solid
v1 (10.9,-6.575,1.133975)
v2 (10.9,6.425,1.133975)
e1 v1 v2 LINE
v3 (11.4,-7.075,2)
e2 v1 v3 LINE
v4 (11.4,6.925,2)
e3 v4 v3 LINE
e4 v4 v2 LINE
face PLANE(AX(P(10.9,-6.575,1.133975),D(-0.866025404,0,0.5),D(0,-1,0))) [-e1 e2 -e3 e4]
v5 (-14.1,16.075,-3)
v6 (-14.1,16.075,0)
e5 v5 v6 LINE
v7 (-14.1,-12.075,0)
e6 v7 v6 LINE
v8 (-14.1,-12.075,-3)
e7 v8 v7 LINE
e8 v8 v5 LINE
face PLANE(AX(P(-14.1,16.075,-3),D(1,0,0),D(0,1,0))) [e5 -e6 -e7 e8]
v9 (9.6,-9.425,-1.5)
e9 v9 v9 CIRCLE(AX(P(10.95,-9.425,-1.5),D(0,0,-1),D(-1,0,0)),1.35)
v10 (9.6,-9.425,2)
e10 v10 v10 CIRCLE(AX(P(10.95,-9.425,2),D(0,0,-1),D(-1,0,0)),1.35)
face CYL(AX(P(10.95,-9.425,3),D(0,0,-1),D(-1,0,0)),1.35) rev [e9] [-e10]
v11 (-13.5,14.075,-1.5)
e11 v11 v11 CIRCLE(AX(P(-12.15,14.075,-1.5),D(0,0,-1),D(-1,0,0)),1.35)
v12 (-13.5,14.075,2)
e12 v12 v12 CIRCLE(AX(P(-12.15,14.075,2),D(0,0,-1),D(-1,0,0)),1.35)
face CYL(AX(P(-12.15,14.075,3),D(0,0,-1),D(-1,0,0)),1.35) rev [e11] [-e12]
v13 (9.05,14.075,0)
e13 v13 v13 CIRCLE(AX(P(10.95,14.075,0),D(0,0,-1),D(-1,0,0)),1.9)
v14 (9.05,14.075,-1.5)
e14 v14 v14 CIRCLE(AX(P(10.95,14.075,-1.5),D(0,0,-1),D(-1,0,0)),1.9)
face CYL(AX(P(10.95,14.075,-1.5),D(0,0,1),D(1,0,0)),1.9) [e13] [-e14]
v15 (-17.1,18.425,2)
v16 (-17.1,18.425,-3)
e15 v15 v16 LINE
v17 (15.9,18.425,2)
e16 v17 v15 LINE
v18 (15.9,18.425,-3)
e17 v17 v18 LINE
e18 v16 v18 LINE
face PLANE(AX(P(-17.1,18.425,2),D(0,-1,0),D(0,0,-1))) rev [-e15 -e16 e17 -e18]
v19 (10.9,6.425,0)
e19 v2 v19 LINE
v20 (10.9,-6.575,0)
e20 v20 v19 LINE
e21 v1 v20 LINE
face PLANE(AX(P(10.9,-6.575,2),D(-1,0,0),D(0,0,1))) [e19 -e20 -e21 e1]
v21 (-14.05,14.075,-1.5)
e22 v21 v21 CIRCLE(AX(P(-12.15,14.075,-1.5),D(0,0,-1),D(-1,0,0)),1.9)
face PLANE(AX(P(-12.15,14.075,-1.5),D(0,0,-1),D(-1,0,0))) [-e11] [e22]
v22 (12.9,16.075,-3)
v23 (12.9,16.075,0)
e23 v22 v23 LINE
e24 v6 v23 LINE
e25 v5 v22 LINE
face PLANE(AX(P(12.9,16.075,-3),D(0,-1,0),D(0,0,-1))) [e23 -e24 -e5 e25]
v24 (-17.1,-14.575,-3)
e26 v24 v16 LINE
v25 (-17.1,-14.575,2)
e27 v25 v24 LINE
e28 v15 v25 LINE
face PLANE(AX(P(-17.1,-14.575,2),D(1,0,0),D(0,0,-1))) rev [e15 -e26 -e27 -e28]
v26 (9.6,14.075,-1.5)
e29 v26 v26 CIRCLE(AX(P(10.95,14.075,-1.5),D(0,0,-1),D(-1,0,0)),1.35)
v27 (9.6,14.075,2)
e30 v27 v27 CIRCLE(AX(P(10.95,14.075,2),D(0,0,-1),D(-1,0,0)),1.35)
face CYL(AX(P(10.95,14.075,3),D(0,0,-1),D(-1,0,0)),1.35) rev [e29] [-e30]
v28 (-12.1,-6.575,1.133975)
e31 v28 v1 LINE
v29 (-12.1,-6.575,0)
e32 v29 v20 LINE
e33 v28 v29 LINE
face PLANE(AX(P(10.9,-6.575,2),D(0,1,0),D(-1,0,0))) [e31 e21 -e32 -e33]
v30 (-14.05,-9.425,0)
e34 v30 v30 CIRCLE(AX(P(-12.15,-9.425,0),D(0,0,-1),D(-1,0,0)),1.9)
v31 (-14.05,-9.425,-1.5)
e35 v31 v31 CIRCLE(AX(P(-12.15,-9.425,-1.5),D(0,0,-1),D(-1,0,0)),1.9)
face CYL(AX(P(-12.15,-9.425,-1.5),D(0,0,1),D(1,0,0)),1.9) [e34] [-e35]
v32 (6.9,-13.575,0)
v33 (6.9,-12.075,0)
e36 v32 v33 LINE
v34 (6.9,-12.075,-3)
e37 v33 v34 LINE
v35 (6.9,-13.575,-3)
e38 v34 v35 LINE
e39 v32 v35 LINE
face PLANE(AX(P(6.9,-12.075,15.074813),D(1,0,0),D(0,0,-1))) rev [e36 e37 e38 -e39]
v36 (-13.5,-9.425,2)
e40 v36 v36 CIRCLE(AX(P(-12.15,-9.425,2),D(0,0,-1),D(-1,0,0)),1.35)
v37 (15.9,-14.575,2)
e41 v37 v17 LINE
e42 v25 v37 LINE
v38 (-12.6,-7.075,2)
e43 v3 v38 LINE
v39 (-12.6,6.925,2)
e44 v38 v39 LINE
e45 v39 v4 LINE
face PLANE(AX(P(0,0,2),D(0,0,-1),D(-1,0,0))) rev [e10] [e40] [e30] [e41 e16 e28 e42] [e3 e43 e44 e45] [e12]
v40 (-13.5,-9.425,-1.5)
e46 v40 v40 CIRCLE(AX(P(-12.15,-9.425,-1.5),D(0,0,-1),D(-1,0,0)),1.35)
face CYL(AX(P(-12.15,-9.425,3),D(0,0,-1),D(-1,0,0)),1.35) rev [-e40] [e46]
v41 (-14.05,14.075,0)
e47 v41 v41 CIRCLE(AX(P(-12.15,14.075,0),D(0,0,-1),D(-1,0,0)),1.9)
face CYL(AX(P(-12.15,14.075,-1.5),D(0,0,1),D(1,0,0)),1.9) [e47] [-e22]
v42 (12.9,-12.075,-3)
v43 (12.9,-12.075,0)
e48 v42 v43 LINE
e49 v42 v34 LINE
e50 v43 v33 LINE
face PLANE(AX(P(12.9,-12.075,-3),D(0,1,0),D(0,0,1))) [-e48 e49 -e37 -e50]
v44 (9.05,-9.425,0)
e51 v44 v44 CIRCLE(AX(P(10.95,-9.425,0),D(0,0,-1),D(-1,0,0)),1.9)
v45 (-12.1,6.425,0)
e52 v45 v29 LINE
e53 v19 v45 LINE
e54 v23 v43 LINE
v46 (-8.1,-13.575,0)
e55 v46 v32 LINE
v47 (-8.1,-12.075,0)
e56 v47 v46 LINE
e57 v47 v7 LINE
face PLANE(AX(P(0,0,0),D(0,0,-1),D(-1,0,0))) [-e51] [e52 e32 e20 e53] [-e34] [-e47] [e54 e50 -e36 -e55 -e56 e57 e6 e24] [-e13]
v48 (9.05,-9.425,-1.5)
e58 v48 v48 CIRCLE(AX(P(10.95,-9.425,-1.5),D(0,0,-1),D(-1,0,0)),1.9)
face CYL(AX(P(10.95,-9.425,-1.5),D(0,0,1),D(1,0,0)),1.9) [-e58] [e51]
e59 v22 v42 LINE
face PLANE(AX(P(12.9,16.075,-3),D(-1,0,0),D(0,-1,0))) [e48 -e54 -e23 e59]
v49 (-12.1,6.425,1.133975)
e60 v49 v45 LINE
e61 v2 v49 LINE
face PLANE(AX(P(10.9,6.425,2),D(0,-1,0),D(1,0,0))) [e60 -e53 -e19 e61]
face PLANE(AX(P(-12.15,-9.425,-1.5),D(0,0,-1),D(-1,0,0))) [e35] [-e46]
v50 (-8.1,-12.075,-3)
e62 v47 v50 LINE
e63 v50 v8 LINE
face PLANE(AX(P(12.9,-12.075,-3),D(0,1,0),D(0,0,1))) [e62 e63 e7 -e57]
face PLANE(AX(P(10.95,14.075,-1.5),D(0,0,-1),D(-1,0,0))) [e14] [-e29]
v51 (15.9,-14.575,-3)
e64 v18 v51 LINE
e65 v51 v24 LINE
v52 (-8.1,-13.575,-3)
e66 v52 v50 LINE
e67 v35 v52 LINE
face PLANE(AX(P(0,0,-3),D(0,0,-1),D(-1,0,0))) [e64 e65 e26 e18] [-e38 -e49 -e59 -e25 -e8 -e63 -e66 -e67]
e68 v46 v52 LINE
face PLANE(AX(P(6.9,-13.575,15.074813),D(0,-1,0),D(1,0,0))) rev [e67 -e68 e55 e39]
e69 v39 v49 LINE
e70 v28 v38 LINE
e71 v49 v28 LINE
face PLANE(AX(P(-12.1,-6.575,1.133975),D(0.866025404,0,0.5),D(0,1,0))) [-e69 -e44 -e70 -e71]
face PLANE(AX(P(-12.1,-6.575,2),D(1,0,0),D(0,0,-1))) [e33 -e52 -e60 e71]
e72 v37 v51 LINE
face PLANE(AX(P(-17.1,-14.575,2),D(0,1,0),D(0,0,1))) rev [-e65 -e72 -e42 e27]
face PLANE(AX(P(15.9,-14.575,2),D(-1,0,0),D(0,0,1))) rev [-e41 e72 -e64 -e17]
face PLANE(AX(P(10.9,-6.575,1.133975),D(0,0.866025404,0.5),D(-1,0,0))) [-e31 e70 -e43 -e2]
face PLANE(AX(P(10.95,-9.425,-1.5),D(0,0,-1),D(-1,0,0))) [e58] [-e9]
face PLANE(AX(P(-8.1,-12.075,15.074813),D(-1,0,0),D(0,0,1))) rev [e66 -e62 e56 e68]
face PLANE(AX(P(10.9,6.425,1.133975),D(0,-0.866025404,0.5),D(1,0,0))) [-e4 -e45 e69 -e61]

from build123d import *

# Parameters (mm, degrees)
SKETCH1_W           = 33
SKETCH1_H           = 33
SKETCH1_W_2         = 23
SKETCH1_H_2         = 13
BOSS_EXTRUDE1_DEPTH = 2
CHAMFER1_SIZE       = 0.5
CHAMFER1_SIZE2      = 0.866025404
SKETCH2_W           = 33
SKETCH2_H           = 33
SKETCH2_W_2         = 27
SKETCH2_H_2         = 28.15
BOSS_EXTRUDE2_DEPTH = 3
CUT_EXTRUDE2_DEPTH  = 3
SKETCH4_R           = 1.9
SKETCH4_R_2         = 1.1
BOSS_EXTRUDE3_DEPTH = 1.5
CUT_EXTRUDE3_START  = -10
SKETCH5_R           = 1.35
CUT_EXTRUDE3_DEPTH  = 10
SKETCH6_W           = 15
SKETCH6_H           = 1.5
CUT_EXTRUDE4_DEPTH  = 3


with BuildPart() as part:
    # Sketch1 → Boss-Extrude1 (new body)
    with BuildSketch(Plane.XY):
        with Locations((-0.6, 1.925)):
            Rectangle(SKETCH1_W, SKETCH1_H)
        with Locations((-0.6, -0.075)):
            Rectangle(SKETCH1_W_2, SKETCH1_H_2, mode=Mode.SUBTRACT)
    extrude(amount=BOSS_EXTRUDE1_DEPTH)

    # Chamfer1
    chamfer1_edges = [part.edges().sort_by_distance(p)[0] for p in [
        (-12.1, -0.075, 2),
        (-0.6, -6.575, 2),
        (10.9, -0.075, 2),
        (-0.6, 6.425, 2),
    ]]
    chamfer1_side = [part.faces().sort_by_distance(p)[0] for p in [
        (-0.6, -14.108309524, 2),
    ]]
    chamfer(chamfer1_edges, length=CHAMFER1_SIZE, length2=CHAMFER1_SIZE2, reference=chamfer1_side[0])

    # Sketch2 → Boss-Extrude2 (add)
    with BuildSketch(Plane(origin=(0, 0, 0), x_dir=(-1, 0, 0), z_dir=(0, 0, -1))):
        with Locations((0.6, 1.925)):
            Rectangle(SKETCH2_W, SKETCH2_H)
        with Locations((0.6, 2)):
            Rectangle(SKETCH2_W_2, SKETCH2_H_2, mode=Mode.SUBTRACT)
    extrude(amount=BOSS_EXTRUDE2_DEPTH)

    # Sketch3 → Cut-Extrude2 (cut)
    with BuildSketch(Plane(origin=(0, 0, 0), x_dir=(-1, 0, 0), z_dir=(0, 0, -1))):
        with BuildLine():
            Line((-10.95, 12.725), (-10.95, 14.075))
            Line((-10.95, 14.075), (-9.6, 14.075))
            ThreePointArc((-9.6, 14.075), (-11.904594155, 15.029594155), (-10.95, 12.725))
        make_face()
        with BuildLine():
            Line((-9.6, 14.075), (-10.95, 14.075))
            Line((-10.95, 14.075), (-10.95, 12.725))
            ThreePointArc((-10.95, 12.725), (-9.995405845, 13.120405845), (-9.6, 14.075))
        make_face()
        with BuildLine():
            ThreePointArc((13.5, 14.075), (12.15, 15.425), (10.8, 14.075))
            Line((10.8, 14.075), (12.15, 14.075))
            Line((12.15, 14.075), (12.15, 12.725))
            ThreePointArc((12.15, 12.725), (13.104594155, 13.120405845), (13.5, 14.075))
        make_face()
        with BuildLine():
            Line((12.15, 14.075), (10.8, 14.075))
            ThreePointArc((10.8, 14.075), (11.195405845, 13.120405845), (12.15, 12.725))
            Line((12.15, 12.725), (12.15, 14.075))
        make_face()
        with BuildLine():
            ThreePointArc((13.5, -9.425), (13.104594155, -8.470405845), (12.15, -8.075))
            Line((12.15, -8.075), (12.15, -9.425))
            Line((12.15, -9.425), (10.8, -9.425))
            ThreePointArc((10.8, -9.425), (12.15, -10.775), (13.5, -9.425))
        make_face()
        with BuildLine():
            Line((12.15, -9.425), (12.15, -8.075))
            ThreePointArc((12.15, -8.075), (11.195405845, -8.470405845), (10.8, -9.425))
            Line((10.8, -9.425), (12.15, -9.425))
        make_face()
        with BuildLine():
            ThreePointArc((-9.6, -9.425), (-9.995405845, -8.470405845), (-10.95, -8.075))
            Line((-10.95, -8.075), (-10.95, -9.425))
            Line((-10.95, -9.425), (-9.6, -9.425))
        make_face()
        with BuildLine():
            Line((-10.95, -9.425), (-10.95, -8.075))
            ThreePointArc((-10.95, -8.075), (-11.904594155, -10.379594155), (-9.6, -9.425))
            Line((-9.6, -9.425), (-10.95, -9.425))
        make_face()
    extrude(amount=-CUT_EXTRUDE2_DEPTH, mode=Mode.SUBTRACT)

    # Sketch4 → Boss-Extrude3 (add)
    # profile 1 of 4: a face of its own
    with BuildSketch(Plane(origin=(0, 0, 0), x_dir=(-1, 0, 0), z_dir=(0, 0, -1))):
        with Locations((-10.95, 14.075)):
            Circle(SKETCH4_R)
        with Locations((-10.95, 14.075)):
            Circle(SKETCH4_R_2, mode=Mode.SUBTRACT)
    # profile 2 of 4: a face of its own
    with BuildSketch(Plane(origin=(0, 0, 0), x_dir=(-1, 0, 0), z_dir=(0, 0, -1))):
        with Locations((12.15, 14.075)):
            Circle(SKETCH4_R)
        with Locations((12.15, 14.075)):
            Circle(SKETCH4_R_2, mode=Mode.SUBTRACT)
    # profile 3 of 4: a face of its own
    with BuildSketch(Plane(origin=(0, 0, 0), x_dir=(-1, 0, 0), z_dir=(0, 0, -1))):
        with Locations((-10.95, -9.425)):
            Circle(SKETCH4_R)
        with Locations((-10.95, -9.425)):
            Circle(SKETCH4_R_2, mode=Mode.SUBTRACT)
    # profile 4 of 4: a face of its own
    with BuildSketch(Plane(origin=(0, 0, 0), x_dir=(-1, 0, 0), z_dir=(0, 0, -1))):
        with Locations((12.15, -9.425)):
            Circle(SKETCH4_R)
        with Locations((12.15, -9.425)):
            Circle(SKETCH4_R_2, mode=Mode.SUBTRACT)
    extrude(amount=BOSS_EXTRUDE3_DEPTH)

    # Sketch5 → Cut-Extrude3 (cut)
    with BuildSketch(Plane.XY.offset(2).offset(CUT_EXTRUDE3_START)):
        with Locations(Location((-12.15, 14.075, 0), (0, 0, 180))):
            Circle(SKETCH5_R)
        with Locations(Location((10.95, 14.075, 0), (0, 0, 180))):
            Circle(SKETCH5_R)
        with Locations(Location((-12.15, -9.425, 0), (0, 0, 180))):
            Circle(SKETCH5_R)
        with Locations(Location((10.95, -9.425, 0), (0, 0, 180))):
            Circle(SKETCH5_R)
    extrude(amount=CUT_EXTRUDE3_DEPTH, mode=Mode.SUBTRACT)

    # Sketch6 → Cut-Extrude4 (cut)
    with BuildSketch(Plane(origin=(0, 0, -3), x_dir=(-1, 0, 0), z_dir=(0, 0, -1))):
        with Locations((0.6, -12.825)):
            Rectangle(SKETCH6_W, SKETCH6_H)
    extrude(amount=-CUT_EXTRUDE4_DEPTH, mode=Mode.SUBTRACT)


solid = part.part
